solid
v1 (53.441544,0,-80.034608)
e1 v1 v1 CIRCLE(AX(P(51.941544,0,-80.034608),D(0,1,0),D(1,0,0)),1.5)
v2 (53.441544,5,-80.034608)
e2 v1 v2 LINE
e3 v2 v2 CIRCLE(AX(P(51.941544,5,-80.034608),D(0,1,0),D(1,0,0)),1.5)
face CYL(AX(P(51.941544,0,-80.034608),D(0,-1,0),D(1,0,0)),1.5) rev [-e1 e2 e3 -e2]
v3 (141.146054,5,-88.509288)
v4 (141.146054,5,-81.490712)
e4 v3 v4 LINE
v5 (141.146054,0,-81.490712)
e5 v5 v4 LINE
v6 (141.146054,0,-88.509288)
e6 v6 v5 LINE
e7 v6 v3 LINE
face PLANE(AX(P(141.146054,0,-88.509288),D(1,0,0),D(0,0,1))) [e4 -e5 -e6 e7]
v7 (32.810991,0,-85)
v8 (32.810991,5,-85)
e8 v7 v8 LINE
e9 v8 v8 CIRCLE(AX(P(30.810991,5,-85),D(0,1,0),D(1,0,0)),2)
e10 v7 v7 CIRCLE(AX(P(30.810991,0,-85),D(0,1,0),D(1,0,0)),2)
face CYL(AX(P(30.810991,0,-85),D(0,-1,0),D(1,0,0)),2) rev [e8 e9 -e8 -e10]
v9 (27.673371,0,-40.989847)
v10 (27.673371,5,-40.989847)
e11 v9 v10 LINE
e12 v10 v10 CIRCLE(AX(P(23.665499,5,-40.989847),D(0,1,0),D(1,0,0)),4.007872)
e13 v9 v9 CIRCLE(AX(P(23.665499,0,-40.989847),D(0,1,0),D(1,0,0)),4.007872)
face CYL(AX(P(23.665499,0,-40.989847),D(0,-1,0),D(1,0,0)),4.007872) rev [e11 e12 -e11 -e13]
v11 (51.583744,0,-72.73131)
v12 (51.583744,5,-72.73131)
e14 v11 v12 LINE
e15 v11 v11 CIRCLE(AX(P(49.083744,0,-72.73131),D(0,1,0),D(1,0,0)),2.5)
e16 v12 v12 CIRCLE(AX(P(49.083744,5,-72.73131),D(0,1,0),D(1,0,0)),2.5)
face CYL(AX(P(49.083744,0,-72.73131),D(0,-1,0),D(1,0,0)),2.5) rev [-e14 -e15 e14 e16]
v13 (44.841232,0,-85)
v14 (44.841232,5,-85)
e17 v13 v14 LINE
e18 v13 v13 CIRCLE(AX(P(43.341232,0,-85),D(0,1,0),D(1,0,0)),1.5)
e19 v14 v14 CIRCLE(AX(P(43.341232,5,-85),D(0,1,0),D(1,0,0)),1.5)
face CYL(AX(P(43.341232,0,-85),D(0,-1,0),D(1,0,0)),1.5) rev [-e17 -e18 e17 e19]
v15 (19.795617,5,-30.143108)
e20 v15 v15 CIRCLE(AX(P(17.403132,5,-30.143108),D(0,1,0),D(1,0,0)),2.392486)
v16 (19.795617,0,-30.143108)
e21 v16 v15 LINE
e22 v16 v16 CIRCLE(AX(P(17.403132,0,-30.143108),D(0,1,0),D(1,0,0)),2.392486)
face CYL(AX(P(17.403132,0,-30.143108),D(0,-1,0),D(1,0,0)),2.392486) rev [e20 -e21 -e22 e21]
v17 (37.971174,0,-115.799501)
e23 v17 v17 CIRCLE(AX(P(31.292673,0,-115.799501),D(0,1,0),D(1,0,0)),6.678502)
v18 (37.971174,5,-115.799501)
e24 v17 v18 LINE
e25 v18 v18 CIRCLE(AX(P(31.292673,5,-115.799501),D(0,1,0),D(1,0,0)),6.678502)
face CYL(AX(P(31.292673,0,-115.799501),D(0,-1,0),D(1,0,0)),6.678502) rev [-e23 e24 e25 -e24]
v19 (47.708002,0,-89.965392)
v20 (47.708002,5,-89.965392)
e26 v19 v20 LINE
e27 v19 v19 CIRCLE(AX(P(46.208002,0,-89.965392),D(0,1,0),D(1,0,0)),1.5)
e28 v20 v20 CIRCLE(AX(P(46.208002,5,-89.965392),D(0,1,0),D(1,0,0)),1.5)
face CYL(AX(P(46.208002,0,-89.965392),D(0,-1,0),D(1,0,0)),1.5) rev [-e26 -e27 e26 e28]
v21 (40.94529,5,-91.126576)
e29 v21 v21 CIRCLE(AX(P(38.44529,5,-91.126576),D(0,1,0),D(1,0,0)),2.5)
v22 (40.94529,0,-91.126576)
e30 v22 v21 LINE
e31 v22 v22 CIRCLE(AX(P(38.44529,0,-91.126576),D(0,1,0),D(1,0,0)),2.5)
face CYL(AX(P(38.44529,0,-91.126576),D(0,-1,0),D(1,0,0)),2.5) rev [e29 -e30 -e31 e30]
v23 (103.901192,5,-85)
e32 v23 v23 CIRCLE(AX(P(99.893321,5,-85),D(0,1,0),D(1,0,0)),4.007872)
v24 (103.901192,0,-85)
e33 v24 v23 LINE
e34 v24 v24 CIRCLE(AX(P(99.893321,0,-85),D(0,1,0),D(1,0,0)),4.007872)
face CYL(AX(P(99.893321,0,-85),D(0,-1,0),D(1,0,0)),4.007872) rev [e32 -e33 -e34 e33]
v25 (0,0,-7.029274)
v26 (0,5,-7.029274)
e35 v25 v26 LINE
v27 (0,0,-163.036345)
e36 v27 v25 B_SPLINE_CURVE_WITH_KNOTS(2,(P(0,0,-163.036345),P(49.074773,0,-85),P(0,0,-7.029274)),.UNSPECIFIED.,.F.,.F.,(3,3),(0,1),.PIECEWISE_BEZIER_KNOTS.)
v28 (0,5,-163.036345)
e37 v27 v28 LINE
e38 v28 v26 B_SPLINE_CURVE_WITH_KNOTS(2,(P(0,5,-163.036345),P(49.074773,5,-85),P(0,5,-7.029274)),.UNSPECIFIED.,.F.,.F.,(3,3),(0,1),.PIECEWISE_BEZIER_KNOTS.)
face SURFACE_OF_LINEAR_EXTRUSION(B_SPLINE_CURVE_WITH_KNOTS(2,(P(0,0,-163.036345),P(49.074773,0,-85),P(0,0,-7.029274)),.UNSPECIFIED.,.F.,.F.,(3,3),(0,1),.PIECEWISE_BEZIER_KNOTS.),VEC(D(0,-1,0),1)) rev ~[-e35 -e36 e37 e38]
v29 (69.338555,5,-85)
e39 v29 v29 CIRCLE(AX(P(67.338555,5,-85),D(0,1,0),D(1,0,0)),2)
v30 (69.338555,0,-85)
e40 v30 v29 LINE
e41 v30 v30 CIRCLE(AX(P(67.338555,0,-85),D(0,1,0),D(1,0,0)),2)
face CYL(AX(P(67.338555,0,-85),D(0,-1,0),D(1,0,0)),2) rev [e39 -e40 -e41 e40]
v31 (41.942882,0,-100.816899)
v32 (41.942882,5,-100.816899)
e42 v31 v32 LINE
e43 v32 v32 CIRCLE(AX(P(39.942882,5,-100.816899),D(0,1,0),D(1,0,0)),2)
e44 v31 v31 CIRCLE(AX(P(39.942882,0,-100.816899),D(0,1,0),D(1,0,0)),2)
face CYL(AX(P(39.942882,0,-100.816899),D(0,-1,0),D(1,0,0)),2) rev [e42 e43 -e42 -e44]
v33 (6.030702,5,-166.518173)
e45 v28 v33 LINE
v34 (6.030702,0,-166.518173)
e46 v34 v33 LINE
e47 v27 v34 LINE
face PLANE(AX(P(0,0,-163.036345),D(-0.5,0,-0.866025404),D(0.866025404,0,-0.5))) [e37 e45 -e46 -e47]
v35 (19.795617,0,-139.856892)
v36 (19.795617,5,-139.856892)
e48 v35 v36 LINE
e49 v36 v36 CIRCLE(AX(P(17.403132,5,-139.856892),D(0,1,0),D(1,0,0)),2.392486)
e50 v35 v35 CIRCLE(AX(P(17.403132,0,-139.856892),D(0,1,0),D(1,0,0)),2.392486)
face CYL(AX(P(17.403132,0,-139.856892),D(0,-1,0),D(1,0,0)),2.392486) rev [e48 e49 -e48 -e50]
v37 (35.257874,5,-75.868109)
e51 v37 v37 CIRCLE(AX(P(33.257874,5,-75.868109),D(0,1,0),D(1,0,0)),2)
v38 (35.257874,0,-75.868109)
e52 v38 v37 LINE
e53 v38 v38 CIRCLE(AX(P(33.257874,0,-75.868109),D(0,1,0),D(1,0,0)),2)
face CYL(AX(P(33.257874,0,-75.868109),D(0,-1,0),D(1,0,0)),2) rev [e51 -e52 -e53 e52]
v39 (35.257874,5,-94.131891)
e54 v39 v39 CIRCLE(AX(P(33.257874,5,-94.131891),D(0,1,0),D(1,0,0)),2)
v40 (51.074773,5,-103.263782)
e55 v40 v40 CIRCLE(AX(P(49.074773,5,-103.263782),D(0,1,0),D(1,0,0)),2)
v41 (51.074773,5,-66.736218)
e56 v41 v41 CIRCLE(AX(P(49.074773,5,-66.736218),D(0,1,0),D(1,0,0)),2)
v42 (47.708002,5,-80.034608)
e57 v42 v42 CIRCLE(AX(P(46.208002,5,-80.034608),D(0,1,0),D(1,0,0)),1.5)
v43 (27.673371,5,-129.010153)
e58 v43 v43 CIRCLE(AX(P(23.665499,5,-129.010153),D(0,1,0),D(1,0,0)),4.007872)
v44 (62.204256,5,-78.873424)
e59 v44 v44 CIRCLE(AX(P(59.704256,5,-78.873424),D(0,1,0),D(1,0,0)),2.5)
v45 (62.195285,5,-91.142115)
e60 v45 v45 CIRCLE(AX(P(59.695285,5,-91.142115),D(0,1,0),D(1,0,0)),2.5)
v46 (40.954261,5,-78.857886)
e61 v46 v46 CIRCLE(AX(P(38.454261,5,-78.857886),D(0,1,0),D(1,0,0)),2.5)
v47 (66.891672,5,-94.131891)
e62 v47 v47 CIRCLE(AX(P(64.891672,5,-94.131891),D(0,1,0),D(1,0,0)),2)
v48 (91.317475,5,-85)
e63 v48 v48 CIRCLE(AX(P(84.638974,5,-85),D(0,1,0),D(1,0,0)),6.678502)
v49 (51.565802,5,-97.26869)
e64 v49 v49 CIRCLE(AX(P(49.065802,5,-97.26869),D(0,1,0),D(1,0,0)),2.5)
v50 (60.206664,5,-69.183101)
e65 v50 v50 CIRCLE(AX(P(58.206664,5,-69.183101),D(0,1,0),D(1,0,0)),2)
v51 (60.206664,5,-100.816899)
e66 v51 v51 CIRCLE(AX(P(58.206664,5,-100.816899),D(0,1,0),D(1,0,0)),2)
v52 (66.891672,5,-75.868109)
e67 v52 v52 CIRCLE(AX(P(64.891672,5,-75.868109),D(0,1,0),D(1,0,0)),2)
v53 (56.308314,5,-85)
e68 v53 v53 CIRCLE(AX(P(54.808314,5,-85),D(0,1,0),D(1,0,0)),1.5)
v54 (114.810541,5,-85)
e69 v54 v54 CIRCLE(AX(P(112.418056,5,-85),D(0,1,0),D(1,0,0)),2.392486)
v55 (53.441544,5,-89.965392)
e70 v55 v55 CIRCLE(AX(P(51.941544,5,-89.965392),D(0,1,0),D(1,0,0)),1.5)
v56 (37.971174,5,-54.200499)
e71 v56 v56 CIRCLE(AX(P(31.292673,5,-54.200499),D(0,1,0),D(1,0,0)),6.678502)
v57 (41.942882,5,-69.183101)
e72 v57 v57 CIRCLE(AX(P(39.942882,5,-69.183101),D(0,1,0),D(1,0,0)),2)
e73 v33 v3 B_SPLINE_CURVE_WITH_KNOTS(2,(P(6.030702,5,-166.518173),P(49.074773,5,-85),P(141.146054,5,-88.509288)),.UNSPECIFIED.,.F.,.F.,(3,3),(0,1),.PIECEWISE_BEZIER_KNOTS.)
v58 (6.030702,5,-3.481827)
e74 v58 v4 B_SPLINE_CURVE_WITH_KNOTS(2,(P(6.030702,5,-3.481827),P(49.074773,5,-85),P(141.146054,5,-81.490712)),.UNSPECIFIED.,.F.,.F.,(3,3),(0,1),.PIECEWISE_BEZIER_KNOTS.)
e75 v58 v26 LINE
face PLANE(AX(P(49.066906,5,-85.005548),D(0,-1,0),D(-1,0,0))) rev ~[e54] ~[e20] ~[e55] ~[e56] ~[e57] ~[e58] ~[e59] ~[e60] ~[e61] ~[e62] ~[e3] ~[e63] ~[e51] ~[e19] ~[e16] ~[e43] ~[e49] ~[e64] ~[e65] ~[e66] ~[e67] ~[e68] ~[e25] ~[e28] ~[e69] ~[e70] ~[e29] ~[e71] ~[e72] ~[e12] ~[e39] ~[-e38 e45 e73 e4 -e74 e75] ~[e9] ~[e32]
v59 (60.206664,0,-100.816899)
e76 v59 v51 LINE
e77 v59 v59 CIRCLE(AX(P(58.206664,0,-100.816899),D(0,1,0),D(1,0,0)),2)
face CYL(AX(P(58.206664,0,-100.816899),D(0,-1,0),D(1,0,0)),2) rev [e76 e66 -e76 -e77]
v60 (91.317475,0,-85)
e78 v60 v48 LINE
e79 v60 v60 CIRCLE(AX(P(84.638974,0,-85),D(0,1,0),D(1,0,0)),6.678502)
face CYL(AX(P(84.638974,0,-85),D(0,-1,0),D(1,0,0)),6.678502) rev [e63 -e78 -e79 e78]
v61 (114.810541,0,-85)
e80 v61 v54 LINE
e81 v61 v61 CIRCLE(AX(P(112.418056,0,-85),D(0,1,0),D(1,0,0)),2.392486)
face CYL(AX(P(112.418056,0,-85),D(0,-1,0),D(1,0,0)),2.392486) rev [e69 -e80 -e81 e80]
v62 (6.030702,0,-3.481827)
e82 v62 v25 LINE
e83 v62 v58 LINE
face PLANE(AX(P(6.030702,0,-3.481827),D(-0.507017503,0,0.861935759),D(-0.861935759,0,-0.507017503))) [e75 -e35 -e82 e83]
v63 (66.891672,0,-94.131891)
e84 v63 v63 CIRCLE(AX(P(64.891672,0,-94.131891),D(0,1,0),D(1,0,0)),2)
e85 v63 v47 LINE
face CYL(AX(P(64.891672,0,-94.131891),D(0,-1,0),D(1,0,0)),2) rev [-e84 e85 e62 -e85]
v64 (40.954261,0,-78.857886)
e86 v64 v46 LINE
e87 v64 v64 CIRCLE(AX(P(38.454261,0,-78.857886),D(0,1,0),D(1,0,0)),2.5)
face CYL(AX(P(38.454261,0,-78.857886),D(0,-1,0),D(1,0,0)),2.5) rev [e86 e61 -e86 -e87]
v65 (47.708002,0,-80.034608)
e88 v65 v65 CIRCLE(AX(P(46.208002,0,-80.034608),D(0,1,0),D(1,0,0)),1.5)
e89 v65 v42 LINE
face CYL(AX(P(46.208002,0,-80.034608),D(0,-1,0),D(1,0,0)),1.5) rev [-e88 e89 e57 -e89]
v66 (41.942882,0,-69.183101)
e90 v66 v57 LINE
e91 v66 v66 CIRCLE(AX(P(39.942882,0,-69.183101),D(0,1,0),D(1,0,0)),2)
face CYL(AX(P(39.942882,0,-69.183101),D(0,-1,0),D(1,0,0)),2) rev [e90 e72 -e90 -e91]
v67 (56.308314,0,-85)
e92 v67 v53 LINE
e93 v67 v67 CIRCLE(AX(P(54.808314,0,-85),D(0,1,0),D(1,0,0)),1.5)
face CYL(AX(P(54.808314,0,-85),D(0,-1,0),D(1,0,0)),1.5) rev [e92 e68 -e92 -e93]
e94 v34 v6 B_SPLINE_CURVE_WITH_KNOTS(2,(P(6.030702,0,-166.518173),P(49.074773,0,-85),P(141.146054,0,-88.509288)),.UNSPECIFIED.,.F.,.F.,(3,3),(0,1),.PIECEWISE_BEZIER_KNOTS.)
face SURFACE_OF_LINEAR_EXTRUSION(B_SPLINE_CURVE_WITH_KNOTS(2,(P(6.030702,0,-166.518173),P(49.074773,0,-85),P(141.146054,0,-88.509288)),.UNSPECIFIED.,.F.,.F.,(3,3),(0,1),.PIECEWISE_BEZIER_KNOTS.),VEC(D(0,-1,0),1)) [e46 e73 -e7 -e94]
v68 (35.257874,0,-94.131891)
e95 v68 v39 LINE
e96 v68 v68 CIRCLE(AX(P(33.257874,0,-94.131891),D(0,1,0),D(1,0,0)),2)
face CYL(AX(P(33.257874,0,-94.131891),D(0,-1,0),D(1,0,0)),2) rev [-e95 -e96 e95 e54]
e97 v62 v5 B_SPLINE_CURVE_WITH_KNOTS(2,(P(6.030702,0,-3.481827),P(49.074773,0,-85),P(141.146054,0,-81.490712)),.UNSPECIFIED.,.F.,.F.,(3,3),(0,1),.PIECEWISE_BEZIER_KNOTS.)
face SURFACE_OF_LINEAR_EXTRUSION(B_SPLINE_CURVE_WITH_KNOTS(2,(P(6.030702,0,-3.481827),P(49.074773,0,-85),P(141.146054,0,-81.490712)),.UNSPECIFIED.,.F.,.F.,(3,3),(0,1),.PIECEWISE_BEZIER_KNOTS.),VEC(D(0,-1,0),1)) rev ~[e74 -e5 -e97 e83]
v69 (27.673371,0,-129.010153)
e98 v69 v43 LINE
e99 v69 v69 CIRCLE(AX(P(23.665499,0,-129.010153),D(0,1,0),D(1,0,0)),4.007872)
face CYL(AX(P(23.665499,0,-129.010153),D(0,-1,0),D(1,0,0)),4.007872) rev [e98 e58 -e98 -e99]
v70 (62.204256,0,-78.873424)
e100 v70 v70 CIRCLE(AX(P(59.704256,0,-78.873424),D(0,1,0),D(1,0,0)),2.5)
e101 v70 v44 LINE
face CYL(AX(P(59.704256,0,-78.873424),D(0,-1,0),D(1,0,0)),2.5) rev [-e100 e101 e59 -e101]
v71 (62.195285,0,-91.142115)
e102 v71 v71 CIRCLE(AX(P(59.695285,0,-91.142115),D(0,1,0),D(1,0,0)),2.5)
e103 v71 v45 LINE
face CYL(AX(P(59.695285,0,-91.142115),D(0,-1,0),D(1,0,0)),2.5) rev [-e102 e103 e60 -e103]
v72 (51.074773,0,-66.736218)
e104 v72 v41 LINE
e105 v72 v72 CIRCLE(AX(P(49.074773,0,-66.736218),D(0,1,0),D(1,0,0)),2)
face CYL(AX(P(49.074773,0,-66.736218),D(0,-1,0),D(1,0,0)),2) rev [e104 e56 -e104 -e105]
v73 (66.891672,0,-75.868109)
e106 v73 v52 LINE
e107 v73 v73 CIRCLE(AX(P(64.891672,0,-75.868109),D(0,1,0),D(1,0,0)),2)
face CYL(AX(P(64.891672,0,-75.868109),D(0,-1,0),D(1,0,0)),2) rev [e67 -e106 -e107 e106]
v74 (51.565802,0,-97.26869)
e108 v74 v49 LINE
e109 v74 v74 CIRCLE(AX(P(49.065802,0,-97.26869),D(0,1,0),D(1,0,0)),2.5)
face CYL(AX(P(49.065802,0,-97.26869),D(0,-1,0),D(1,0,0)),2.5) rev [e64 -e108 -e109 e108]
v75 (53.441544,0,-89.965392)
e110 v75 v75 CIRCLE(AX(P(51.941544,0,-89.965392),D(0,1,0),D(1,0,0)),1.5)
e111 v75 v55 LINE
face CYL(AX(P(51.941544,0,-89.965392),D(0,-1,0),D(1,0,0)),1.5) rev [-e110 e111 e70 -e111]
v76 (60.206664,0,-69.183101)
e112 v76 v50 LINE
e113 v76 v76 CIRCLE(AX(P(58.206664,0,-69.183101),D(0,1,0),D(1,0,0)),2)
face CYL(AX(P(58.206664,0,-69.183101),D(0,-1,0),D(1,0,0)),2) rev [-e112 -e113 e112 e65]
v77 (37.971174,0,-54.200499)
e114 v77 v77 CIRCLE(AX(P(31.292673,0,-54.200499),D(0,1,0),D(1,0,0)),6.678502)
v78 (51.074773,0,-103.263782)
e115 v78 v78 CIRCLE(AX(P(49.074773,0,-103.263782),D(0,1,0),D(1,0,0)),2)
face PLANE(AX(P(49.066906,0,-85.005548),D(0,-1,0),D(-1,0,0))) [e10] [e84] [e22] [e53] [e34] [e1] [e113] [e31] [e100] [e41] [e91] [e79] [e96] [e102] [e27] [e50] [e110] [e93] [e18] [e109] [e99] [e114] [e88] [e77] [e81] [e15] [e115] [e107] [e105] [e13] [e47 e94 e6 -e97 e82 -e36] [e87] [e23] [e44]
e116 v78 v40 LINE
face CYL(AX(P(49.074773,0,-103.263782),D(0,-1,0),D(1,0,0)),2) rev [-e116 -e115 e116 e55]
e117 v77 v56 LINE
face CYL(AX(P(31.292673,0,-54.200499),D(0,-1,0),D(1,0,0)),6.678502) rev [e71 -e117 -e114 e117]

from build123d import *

# Parameters (mm, degrees)
SKETCH_1_R      = 2.392485623
SKETCH_1_R_2    = 4.007871621
SKETCH_1_R_3    = 6.678501703
SKETCH_1_R_4    = 1.5
SKETCH_1_R_5    = 2.5
SKETCH_1_R_6    = 2
EXTRUDE_4_DEPTH = 5


with BuildPart() as part:
    # Эскиз1 → Бобышка-Вытянуть4 (new body)
    with BuildSketch(Plane(origin=(0, 0, 0), x_dir=(1, 0, 0), z_dir=(0, 1, 0))):
        with BuildLine():
            Line((0, 163.036345265), (6.030702091, 166.518172741))
            add(Edge.make_bspline(
                [(6.030702091, 166.518172741), (49.074772944, 85.000000108), (141.146053562, 88.509288197)],
                knots=[0, 0, 0, 1, 1, 1], degree=2))
            Line((141.146053562, 88.509288197), (141.146053562, 81.490712019))
            add(Edge.make_bspline(
                [(6.030701589, 3.481827186), (49.074772944, 85.000000108), (141.146053562, 81.490712019)],
                knots=[0, 0, 0, 1, 1, 1], degree=2))
            Line((6.030701589, 3.481827186), (0, 7.029273997))
            add(Edge.make_bspline(
                [(0, 163.036345265), (49.074772944, 85.000000108), (0, 7.029273997)],
                knots=[0, 0, 0, 1, 1, 1], degree=2))
        make_face()
        with Locations((17.403131543, 139.856892173)):
            Circle(SKETCH_1_R, mode=Mode.SUBTRACT)
        with Locations((23.665499069, 129.010153442)):
            Circle(SKETCH_1_R_2, mode=Mode.SUBTRACT)
        with Locations((31.292672593, 115.79950138)):
            Circle(SKETCH_1_R_3, mode=Mode.SUBTRACT)
        with Locations((112.418055745, 85.000000108)):
            Circle(SKETCH_1_R, mode=Mode.SUBTRACT)
        with Locations((99.893320693, 85.000000108)):
            Circle(SKETCH_1_R_2, mode=Mode.SUBTRACT)
        with Locations((84.638973644, 85.000000108)):
            Circle(SKETCH_1_R_3, mode=Mode.SUBTRACT)
        with Locations((17.403131543, 30.143108043)):
            Circle(SKETCH_1_R, mode=Mode.SUBTRACT)
        with Locations((23.665499069, 40.989846774)):
            Circle(SKETCH_1_R_2, mode=Mode.SUBTRACT)
        with Locations((31.292672593, 54.200498836)):
            Circle(SKETCH_1_R_3, mode=Mode.SUBTRACT)
        with Locations((51.941543531, 80.034607797)):
            Circle(SKETCH_1_R_4, mode=Mode.SUBTRACT)
        with Locations((46.208002356, 80.034607797)):
            Circle(SKETCH_1_R_4, mode=Mode.SUBTRACT)
        with Locations((43.341231769, 85.000000108)):
            Circle(SKETCH_1_R_4, mode=Mode.SUBTRACT)
        with Locations((46.208002356, 89.965392419)):
            Circle(SKETCH_1_R_4, mode=Mode.SUBTRACT)
        with Locations((51.941543531, 89.965392419)):
            Circle(SKETCH_1_R_4, mode=Mode.SUBTRACT)
        with Locations((54.808314118, 85.000000108)):
            Circle(SKETCH_1_R_4, mode=Mode.SUBTRACT)
        with Locations((59.695284799, 91.142114645)):
            Circle(SKETCH_1_R_5, mode=Mode.SUBTRACT)
        with Locations((59.704256093, 78.873424309)):
            Circle(SKETCH_1_R_5, mode=Mode.SUBTRACT)
        with Locations((49.083744238, 72.731309772)):
            Circle(SKETCH_1_R_5, mode=Mode.SUBTRACT)
        with Locations((38.454261089, 78.857885572)):
            Circle(SKETCH_1_R_5, mode=Mode.SUBTRACT)
        with Locations((38.445289794, 91.126575908)):
            Circle(SKETCH_1_R_5, mode=Mode.SUBTRACT)
        with Locations((49.065801649, 97.268690444)):
            Circle(SKETCH_1_R_5, mode=Mode.SUBTRACT)
        with Locations((58.206663905, 100.816899223)):
            Circle(SKETCH_1_R_6, mode=Mode.SUBTRACT)
        with Locations((64.891672058, 94.13189107)):
            Circle(SKETCH_1_R_6, mode=Mode.SUBTRACT)
        with Locations((67.338554867, 85.000000108)):
            Circle(SKETCH_1_R_6, mode=Mode.SUBTRACT)
        with Locations((64.891672058, 75.868109147)):
            Circle(SKETCH_1_R_6, mode=Mode.SUBTRACT)
        with Locations((58.206663905, 69.183100994)):
            Circle(SKETCH_1_R_6, mode=Mode.SUBTRACT)
        with Locations((49.074772944, 66.736218185)):
            Circle(SKETCH_1_R_6, mode=Mode.SUBTRACT)
        with Locations((39.942881982, 69.183100994)):
            Circle(SKETCH_1_R_6, mode=Mode.SUBTRACT)
        with Locations((33.257873829, 75.868109147)):
            Circle(SKETCH_1_R_6, mode=Mode.SUBTRACT)
        with Locations((30.810991021, 85.000000108)):
            Circle(SKETCH_1_R_6, mode=Mode.SUBTRACT)
        with Locations((33.257873829, 94.13189107)):
            Circle(SKETCH_1_R_6, mode=Mode.SUBTRACT)
        with Locations((39.942881982, 100.816899223)):
            Circle(SKETCH_1_R_6, mode=Mode.SUBTRACT)
        with Locations((49.074772944, 103.263782031)):
            Circle(SKETCH_1_R_6, mode=Mode.SUBTRACT)
    extrude(amount=EXTRUDE_4_DEPTH)


solid = part.part
